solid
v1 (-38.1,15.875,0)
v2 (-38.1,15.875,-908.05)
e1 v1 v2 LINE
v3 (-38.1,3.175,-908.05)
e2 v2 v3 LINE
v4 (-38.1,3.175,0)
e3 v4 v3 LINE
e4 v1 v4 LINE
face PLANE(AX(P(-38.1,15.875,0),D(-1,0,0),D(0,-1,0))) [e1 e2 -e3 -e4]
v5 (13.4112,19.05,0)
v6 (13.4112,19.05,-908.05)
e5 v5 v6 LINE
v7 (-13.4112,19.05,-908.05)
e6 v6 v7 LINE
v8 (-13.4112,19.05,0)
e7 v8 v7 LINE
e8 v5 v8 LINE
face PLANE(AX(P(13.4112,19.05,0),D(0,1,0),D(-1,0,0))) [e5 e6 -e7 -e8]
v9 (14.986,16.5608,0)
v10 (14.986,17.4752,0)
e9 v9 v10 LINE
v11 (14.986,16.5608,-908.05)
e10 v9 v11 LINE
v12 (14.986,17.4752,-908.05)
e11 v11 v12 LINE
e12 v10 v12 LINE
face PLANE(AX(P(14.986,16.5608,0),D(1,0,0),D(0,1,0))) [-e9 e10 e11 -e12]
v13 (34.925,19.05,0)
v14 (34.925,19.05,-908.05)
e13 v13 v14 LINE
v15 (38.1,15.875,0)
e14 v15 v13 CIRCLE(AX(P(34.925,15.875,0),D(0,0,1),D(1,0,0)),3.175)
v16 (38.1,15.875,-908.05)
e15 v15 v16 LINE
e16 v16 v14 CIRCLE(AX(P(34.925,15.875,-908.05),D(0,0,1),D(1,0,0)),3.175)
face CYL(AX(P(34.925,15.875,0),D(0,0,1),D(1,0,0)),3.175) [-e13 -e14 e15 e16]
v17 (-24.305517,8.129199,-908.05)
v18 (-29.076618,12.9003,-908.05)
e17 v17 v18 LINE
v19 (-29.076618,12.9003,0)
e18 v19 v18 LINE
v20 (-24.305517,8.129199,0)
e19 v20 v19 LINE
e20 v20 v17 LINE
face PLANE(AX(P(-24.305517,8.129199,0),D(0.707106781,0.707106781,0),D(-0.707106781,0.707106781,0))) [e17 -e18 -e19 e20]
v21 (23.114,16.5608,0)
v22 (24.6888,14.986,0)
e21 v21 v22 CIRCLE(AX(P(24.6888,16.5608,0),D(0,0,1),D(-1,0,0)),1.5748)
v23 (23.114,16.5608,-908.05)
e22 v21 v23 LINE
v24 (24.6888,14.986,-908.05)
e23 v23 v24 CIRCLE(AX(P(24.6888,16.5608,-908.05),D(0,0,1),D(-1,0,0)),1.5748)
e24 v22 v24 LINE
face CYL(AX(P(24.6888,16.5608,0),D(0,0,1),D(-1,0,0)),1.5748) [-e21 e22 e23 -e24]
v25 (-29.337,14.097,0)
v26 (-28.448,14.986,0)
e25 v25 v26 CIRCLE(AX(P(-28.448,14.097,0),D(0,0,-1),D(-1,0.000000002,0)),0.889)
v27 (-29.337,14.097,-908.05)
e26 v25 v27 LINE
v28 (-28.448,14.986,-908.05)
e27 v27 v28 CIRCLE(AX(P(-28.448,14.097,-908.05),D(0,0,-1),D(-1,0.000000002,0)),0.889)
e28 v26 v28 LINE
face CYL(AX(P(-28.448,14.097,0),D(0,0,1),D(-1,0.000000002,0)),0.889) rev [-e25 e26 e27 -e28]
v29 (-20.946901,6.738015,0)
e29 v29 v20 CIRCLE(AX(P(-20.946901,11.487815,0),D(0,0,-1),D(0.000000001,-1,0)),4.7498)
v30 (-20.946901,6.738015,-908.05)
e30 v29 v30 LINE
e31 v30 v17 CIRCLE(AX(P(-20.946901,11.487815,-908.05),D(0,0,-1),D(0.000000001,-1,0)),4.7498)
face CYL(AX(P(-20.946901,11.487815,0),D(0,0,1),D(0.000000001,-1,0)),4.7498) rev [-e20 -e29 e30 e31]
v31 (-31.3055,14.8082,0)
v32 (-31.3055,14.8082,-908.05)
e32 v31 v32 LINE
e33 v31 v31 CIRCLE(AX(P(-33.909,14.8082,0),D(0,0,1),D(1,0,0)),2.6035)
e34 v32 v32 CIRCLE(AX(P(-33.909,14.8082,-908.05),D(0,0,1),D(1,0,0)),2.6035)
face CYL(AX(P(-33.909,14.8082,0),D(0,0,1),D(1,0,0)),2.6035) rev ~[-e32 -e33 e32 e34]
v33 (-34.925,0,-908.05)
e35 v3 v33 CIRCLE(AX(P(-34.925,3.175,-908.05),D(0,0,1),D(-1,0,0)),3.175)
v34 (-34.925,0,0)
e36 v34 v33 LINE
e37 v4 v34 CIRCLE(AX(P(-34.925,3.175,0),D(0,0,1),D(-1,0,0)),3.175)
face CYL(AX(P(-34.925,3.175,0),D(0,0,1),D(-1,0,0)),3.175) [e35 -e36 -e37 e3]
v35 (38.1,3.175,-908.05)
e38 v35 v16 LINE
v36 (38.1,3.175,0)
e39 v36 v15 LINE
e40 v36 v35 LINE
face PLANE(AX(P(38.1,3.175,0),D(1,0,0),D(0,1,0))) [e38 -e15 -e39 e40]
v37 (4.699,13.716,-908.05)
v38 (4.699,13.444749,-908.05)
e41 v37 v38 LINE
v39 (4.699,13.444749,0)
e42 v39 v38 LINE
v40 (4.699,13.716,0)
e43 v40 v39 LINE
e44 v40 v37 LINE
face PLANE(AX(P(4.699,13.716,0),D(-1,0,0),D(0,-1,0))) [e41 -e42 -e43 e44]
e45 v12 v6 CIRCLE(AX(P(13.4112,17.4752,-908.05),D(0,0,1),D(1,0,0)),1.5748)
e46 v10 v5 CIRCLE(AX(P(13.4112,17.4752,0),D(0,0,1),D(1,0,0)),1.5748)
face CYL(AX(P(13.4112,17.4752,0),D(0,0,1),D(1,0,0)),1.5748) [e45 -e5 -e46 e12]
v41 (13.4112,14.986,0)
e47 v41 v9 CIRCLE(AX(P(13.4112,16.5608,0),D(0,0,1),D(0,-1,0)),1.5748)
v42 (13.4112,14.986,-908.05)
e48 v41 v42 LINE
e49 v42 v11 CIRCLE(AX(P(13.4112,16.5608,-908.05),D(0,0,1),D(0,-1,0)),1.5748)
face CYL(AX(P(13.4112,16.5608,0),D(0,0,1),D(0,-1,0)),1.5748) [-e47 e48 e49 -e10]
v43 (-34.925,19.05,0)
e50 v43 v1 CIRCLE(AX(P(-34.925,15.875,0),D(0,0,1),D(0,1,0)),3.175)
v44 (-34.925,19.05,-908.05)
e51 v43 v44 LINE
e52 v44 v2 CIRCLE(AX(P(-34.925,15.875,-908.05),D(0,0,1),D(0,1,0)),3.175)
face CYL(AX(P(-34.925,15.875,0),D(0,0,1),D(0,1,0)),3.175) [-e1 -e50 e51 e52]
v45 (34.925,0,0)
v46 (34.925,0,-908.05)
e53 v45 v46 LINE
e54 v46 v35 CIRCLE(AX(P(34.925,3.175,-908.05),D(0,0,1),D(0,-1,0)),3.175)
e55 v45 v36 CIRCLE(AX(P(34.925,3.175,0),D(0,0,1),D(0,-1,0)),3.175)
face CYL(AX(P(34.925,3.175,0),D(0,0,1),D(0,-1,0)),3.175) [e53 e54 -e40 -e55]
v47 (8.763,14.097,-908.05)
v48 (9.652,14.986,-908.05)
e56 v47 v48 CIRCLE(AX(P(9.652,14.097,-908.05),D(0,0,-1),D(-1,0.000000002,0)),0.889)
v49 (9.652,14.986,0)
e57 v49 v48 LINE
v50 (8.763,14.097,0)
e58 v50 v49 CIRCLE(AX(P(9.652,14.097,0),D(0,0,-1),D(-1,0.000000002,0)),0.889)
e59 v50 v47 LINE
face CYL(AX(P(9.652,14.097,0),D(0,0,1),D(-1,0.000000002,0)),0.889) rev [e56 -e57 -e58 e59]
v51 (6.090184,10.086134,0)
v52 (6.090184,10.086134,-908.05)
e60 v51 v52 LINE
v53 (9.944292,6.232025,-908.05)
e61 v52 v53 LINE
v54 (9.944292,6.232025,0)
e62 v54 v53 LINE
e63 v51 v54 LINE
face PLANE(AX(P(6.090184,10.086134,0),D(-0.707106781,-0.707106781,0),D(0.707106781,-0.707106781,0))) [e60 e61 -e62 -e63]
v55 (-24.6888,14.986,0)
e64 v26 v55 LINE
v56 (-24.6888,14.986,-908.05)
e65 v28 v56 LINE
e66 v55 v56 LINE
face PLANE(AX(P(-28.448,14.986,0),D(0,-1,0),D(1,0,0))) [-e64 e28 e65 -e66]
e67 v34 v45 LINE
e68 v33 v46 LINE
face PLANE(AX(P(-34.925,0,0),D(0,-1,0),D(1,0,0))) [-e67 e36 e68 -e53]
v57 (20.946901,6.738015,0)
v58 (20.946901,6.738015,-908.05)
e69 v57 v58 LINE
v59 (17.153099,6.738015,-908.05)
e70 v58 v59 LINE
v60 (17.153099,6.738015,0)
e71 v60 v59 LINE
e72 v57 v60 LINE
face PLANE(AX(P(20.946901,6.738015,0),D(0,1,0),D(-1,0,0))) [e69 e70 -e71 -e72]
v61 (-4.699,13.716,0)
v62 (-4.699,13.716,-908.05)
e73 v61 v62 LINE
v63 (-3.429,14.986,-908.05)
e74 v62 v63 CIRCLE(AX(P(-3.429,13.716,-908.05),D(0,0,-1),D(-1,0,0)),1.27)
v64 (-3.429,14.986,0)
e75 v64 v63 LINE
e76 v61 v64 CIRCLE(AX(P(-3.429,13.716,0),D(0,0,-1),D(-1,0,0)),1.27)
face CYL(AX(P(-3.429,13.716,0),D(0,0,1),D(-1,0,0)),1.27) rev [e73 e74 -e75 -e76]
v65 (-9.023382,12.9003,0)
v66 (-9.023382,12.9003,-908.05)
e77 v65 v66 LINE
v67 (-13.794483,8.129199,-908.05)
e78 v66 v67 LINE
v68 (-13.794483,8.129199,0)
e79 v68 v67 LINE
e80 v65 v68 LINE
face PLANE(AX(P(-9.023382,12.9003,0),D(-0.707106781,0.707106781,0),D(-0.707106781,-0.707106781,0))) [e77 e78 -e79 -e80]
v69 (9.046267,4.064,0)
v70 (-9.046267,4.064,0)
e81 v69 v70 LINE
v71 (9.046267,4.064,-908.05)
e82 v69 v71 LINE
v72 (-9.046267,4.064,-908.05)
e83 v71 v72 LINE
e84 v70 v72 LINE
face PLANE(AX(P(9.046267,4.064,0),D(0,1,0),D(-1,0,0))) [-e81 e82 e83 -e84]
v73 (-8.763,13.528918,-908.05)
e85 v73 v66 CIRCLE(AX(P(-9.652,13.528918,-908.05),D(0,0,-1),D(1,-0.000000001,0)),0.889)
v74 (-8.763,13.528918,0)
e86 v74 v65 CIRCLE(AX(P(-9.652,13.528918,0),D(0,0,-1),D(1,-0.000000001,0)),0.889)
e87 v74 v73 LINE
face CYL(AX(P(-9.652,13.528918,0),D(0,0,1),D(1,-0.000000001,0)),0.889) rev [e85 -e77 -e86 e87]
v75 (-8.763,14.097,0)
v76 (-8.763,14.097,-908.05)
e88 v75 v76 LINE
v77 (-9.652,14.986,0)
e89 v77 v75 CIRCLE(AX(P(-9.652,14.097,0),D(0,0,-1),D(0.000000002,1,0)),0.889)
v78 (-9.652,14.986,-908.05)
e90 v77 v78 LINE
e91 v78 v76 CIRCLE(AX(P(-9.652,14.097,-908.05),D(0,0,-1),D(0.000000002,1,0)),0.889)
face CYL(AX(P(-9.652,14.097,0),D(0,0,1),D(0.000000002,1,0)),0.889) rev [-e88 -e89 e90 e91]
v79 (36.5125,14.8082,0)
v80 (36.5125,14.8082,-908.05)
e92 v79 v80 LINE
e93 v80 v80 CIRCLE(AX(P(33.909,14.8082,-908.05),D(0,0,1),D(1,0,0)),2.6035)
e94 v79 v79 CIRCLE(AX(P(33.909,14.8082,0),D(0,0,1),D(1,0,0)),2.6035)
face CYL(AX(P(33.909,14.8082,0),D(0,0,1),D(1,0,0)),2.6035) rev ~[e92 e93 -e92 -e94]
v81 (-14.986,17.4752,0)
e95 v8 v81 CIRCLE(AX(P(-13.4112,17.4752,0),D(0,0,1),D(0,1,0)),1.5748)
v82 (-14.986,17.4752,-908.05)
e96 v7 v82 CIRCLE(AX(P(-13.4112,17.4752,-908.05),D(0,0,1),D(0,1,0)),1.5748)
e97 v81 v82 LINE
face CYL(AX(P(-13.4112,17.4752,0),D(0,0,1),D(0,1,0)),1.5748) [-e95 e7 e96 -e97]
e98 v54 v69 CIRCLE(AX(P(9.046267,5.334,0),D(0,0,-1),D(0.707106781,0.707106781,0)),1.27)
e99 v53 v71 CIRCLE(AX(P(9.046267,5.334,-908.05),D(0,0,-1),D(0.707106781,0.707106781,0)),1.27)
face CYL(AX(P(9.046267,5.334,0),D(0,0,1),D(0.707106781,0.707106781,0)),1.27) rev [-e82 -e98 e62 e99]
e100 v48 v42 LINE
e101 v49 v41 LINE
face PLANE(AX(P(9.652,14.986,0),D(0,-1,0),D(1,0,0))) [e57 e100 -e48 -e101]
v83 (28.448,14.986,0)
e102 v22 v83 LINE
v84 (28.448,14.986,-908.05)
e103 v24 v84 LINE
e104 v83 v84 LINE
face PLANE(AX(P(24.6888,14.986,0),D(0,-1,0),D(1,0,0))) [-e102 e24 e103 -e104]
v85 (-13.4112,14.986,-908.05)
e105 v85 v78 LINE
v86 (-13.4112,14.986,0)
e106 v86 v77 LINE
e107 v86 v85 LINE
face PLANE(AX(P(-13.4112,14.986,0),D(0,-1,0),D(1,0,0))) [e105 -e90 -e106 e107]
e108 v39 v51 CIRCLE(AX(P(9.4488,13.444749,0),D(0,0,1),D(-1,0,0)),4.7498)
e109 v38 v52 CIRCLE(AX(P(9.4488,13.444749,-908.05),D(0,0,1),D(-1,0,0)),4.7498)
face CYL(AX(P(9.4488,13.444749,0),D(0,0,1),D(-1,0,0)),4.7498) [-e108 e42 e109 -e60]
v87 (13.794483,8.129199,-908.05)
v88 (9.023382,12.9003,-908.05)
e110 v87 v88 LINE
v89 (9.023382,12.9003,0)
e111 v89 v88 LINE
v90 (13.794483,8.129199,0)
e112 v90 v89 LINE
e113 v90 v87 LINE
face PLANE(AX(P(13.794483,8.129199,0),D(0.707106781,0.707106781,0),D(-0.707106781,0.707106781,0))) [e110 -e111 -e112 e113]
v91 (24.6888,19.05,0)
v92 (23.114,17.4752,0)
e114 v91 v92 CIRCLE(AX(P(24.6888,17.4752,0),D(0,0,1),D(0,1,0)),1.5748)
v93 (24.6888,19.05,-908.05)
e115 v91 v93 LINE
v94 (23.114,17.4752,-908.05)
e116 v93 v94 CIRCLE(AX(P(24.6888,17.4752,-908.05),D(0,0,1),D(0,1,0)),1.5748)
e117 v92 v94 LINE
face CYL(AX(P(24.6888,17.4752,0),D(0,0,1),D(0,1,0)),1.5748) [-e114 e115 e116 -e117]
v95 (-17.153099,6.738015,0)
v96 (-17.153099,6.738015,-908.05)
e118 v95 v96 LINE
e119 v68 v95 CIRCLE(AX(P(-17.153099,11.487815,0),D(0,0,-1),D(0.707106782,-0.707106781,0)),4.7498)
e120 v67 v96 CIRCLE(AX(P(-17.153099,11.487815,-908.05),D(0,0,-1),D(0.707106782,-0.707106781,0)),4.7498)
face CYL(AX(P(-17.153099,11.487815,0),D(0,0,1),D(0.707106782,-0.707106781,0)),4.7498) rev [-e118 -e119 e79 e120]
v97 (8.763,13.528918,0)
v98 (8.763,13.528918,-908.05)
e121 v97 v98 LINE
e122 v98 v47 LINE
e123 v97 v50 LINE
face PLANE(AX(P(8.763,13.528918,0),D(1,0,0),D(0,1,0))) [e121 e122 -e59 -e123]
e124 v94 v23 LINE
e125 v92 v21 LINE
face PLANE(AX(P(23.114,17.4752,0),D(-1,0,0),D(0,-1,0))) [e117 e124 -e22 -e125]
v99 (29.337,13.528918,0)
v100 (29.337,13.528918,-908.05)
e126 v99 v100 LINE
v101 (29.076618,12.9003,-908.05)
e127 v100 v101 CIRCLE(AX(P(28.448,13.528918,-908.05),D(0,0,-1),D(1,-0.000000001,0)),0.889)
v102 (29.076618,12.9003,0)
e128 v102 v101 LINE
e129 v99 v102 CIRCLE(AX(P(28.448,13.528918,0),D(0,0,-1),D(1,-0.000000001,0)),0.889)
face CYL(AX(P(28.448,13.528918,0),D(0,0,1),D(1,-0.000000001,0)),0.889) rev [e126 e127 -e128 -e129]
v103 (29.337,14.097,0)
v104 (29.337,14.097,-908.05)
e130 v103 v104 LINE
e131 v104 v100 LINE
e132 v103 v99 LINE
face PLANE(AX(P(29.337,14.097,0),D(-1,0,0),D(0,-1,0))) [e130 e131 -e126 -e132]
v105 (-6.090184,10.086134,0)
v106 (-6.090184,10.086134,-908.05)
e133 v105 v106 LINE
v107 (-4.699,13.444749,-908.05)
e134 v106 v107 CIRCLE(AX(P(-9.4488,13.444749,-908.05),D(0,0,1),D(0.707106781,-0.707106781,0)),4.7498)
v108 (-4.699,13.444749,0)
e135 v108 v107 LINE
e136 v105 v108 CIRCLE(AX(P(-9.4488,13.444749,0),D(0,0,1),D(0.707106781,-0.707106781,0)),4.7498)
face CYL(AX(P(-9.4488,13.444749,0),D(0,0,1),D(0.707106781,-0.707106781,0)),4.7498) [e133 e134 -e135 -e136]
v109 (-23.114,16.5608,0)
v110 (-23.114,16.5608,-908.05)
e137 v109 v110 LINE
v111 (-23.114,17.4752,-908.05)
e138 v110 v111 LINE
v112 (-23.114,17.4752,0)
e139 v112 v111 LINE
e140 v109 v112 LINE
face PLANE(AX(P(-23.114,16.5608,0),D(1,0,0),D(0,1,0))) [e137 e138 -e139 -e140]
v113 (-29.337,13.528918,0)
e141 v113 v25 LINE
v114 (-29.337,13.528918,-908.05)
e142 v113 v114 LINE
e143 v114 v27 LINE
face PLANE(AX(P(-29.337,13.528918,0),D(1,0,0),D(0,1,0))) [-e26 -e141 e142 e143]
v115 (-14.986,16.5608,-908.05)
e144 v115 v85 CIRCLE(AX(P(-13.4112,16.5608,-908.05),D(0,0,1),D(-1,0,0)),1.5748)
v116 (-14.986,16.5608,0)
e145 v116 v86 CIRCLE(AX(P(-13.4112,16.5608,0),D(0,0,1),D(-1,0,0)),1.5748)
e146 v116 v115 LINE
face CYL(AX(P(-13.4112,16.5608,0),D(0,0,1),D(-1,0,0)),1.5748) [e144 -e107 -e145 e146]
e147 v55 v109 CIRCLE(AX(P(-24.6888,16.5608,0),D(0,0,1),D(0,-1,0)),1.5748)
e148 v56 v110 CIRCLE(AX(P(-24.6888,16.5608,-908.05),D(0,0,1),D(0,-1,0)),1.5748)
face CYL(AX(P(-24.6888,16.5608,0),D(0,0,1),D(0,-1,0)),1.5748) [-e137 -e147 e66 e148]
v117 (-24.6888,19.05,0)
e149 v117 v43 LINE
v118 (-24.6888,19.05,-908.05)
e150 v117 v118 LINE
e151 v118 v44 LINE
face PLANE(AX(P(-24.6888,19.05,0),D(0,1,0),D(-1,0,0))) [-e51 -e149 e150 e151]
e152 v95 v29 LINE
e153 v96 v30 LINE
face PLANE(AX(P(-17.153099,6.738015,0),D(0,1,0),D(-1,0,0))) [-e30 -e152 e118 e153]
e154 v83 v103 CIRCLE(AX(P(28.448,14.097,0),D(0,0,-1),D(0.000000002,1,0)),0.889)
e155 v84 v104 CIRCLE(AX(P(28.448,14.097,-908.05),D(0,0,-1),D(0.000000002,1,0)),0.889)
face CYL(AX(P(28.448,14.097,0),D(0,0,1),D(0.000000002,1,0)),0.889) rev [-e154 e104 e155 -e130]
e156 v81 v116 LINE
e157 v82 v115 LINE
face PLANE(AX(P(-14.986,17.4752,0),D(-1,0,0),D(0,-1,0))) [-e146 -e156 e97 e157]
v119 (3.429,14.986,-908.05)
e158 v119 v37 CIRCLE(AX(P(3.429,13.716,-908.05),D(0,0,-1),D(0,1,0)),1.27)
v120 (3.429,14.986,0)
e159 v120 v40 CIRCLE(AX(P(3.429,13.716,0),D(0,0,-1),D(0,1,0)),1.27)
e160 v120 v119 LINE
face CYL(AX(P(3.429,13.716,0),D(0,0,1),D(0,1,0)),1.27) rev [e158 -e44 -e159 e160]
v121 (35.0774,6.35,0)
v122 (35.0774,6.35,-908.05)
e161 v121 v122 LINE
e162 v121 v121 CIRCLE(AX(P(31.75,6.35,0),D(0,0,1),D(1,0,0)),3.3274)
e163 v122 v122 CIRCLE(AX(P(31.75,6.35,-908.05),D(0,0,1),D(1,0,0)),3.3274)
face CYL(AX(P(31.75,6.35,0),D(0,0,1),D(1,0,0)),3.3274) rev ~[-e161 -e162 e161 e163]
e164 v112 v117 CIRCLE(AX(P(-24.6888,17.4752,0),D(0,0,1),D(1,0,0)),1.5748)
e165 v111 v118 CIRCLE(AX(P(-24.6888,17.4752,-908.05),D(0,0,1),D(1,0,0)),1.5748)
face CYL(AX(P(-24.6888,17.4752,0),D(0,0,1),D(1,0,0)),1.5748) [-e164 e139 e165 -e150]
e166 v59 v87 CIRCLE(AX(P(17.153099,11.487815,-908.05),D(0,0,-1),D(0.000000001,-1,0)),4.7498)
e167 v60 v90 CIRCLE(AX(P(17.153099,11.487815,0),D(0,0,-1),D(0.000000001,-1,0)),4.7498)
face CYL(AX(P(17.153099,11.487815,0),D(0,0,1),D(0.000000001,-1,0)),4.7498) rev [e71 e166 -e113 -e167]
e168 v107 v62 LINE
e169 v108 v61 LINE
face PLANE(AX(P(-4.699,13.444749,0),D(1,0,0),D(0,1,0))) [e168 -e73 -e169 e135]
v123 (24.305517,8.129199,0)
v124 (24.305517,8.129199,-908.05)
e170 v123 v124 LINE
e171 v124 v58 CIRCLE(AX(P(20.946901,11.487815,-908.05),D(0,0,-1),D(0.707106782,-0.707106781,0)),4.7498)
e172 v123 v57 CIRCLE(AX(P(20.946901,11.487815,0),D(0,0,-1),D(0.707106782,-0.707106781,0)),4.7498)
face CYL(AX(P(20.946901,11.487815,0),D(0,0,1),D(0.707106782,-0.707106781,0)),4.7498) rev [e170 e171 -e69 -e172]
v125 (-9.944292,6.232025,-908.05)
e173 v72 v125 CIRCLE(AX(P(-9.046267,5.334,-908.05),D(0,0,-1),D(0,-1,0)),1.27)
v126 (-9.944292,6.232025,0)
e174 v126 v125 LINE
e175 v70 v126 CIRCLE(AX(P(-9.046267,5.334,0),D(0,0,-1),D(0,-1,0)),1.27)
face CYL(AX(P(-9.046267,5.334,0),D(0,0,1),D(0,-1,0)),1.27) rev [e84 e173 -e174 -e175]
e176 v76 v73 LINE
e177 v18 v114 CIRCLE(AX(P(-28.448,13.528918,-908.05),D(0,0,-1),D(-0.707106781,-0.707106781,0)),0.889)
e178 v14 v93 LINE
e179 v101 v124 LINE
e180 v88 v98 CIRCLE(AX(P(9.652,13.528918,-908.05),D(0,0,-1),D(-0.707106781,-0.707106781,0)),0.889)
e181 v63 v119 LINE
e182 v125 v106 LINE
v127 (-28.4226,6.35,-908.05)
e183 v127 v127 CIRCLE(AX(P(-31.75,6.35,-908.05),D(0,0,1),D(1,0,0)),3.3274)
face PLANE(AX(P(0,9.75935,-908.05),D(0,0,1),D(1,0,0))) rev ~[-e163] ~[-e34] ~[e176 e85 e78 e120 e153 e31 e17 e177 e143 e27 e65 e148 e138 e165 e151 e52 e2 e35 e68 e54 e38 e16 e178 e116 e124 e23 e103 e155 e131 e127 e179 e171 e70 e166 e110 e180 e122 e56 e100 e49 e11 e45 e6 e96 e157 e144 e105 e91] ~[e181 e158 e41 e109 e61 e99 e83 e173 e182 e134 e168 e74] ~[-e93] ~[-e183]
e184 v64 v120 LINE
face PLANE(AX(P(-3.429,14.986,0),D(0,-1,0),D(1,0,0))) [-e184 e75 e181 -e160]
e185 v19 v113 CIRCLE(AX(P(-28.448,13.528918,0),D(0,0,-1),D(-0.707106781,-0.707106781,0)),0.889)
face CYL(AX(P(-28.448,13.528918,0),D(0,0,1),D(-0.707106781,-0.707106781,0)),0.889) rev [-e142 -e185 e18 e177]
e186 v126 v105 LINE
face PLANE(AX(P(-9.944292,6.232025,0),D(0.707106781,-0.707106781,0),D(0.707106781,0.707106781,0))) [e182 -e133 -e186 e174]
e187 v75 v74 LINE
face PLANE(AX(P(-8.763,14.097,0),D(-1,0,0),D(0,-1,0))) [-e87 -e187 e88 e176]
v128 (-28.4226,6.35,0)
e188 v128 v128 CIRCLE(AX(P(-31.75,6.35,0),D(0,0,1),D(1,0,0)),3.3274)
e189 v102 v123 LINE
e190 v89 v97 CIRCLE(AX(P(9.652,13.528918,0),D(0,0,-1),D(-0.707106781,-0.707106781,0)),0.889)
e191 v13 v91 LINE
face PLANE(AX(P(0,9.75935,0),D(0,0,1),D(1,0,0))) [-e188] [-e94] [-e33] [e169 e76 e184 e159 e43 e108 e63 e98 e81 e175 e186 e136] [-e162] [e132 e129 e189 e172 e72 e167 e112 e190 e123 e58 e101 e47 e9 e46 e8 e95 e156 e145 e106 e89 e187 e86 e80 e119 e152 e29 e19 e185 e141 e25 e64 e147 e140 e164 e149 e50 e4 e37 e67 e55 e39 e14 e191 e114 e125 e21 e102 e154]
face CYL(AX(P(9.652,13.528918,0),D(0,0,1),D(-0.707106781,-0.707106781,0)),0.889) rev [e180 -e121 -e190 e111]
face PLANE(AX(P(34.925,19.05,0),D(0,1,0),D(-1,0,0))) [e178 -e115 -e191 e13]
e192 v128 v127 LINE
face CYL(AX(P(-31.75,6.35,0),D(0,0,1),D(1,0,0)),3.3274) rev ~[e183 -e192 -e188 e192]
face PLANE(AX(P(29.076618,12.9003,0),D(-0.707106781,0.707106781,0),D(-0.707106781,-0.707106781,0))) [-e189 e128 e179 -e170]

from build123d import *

# Parameters (mm, degrees)
SKETCH1_R      = 2.6035
SKETCH1_R_2    = 3.3274
EXTRUDE1_DEPTH = 908.05


with BuildPart() as part:
    # Sketch1 → Extrude1 (new body)
    with BuildSketch(Plane.XY):
        with BuildLine():
            Line((23.114, 17.475199816), (23.114, 16.560799816))
            ThreePointArc((23.114, 16.560799816), (23.575248241, 15.447248057), (24.6888, 14.985999816))
            Line((24.6888, 14.985999816), (28.448, 14.985999816))
            ThreePointArc((28.448, 14.985999816), (29.076617928, 14.725617744), (29.337, 14.096999816))
            Line((29.337, 14.096999816), (29.337, 13.528917816))
            ThreePointArc((29.337, 13.528917816), (29.269328904, 13.188712244), (29.076617928, 12.900299887))
            Line((29.076617928, 12.900299887), (24.305516832, 8.129198791))
            ThreePointArc((24.305516832, 8.129198791), (22.76457081, 7.099571576), (20.946901043, 6.73801458))
            Line((20.946901043, 6.73801458), (17.153098957, 6.73801458))
            ThreePointArc((17.153098957, 6.73801458), (15.33542919, 7.099571576), (13.794483168, 8.129198791))
            Line((13.794483168, 8.129198791), (9.023382072, 12.900299887))
            ThreePointArc((9.023382072, 12.900299887), (8.830671096, 13.188712244), (8.763, 13.528917816))
            Line((8.763, 13.528917816), (8.763, 14.096999816))
            ThreePointArc((8.763, 14.096999816), (9.023382072, 14.725617744), (9.652, 14.985999816))
            Line((9.652, 14.985999816), (13.4112, 14.985999816))
            ThreePointArc((13.4112, 14.985999816), (14.524751759, 15.447248057), (14.986, 16.560799816))
            Line((14.986, 16.560799816), (14.986, 17.475199816))
            ThreePointArc((14.986, 17.475199816), (14.524751759, 18.588751575), (13.4112, 19.049999816))
            Line((13.4112, 19.049999816), (-13.4112, 19.049999816))
            ThreePointArc((-13.4112, 19.049999816), (-14.524751759, 18.588751575), (-14.986, 17.475199816))
            Line((-14.986, 17.475199816), (-14.986, 16.560799816))
            ThreePointArc((-14.986, 16.560799816), (-14.524751759, 15.447248057), (-13.4112, 14.985999816))
            Line((-13.4112, 14.985999816), (-9.652, 14.985999816))
            ThreePointArc((-9.652, 14.985999816), (-9.023382072, 14.725617744), (-8.763, 14.096999816))
            Line((-8.763, 14.096999816), (-8.763, 13.528917816))
            ThreePointArc((-8.763, 13.528917816), (-8.830671096, 13.188712244), (-9.023382072, 12.900299887))
            Line((-9.023382072, 12.900299887), (-13.794483168, 8.129198791))
            ThreePointArc((-13.794483168, 8.129198791), (-15.33542919, 7.099571576), (-17.153098957, 6.73801458))
            Line((-17.153098957, 6.73801458), (-20.946901043, 6.73801458))
            ThreePointArc((-20.946901043, 6.73801458), (-22.76457081, 7.099571576), (-24.305516832, 8.129198791))
            Line((-24.305516832, 8.129198791), (-29.076617928, 12.900299887))
            ThreePointArc((-29.076617928, 12.900299887), (-29.269328904, 13.188712244), (-29.337, 13.528917816))
            Line((-29.337, 13.528917816), (-29.337, 14.096999816))
            ThreePointArc((-29.337, 14.096999816), (-29.076617928, 14.725617744), (-28.448, 14.985999816))
            Line((-28.448, 14.985999816), (-24.6888, 14.985999816))
            ThreePointArc((-24.6888, 14.985999816), (-23.575248241, 15.447248057), (-23.114, 16.560799816))
            Line((-23.114, 16.560799816), (-23.114, 17.475199816))
            ThreePointArc((-23.114, 17.475199816), (-23.575248241, 18.588751575), (-24.6888, 19.049999816))
            Line((-24.6888, 19.049999816), (-34.925, 19.049999816))
            ThreePointArc((-34.925, 19.049999816), (-37.17006403, 18.120063846), (-38.1, 15.874999816))
            Line((-38.1, 15.874999816), (-38.1, 3.175))
            ThreePointArc((-38.1, 3.175), (-37.17006403, 0.92993597), (-34.925, 0))
            Line((-34.925, 0), (34.925, 0))
            ThreePointArc((34.925, 0), (37.17006403, 0.92993597), (38.1, 3.175))
            Line((38.1, 3.175), (38.1, 15.874999816))
            ThreePointArc((38.1, 15.874999816), (37.17006403, 18.120063846), (34.925, 19.049999816))
            Line((34.925, 19.049999816), (24.6888, 19.049999816))
            ThreePointArc((24.6888, 19.049999816), (23.575248241, 18.588751575), (23.114, 17.475199816))
        make_face()
        with Locations((-33.909, 14.8082)):
            Circle(SKETCH1_R, mode=Mode.SUBTRACT)
        with Locations((31.75, 6.35)):
            Circle(SKETCH1_R_2, mode=Mode.SUBTRACT)
        with Locations((33.909, 14.8082)):
            Circle(SKETCH1_R, mode=Mode.SUBTRACT)
        with Locations((-31.75, 6.35)):
            Circle(SKETCH1_R_2, mode=Mode.SUBTRACT)
        with BuildLine():
            Line((-9.944292429, 6.232025428), (-6.090184211, 10.086133646))
            ThreePointArc((-6.090184211, 10.086133646), (-5.060556996, 11.627079669), (-4.699, 13.444749436))
            Line((-4.699, 13.444749436), (-4.699, 13.715999816))
            ThreePointArc((-4.699, 13.715999816), (-4.327025612, 14.614025428), (-3.429, 14.985999816))
            Line((-3.429, 14.985999816), (3.429, 14.985999816))
            ThreePointArc((3.429, 14.985999816), (4.327025612, 14.614025428), (4.699, 13.715999816))
            Line((4.699, 13.715999816), (4.699, 13.444749436))
            ThreePointArc((4.699, 13.444749436), (5.060556996, 11.627079669), (6.090184211, 10.086133646))
            Line((6.090184211, 10.086133646), (9.944292429, 6.232025428))
            ThreePointArc((9.944292429, 6.232025428), (10.219593823, 4.847991857), (9.046266817, 4.063999816))
            Line((9.046266817, 4.063999816), (-9.046266817, 4.063999816))
            ThreePointArc((-9.046266817, 4.063999816), (-10.219593823, 4.847991857), (-9.944292429, 6.232025428))
        make_face(mode=Mode.SUBTRACT)
    extrude(amount=-EXTRUDE1_DEPTH)


solid = part.part
